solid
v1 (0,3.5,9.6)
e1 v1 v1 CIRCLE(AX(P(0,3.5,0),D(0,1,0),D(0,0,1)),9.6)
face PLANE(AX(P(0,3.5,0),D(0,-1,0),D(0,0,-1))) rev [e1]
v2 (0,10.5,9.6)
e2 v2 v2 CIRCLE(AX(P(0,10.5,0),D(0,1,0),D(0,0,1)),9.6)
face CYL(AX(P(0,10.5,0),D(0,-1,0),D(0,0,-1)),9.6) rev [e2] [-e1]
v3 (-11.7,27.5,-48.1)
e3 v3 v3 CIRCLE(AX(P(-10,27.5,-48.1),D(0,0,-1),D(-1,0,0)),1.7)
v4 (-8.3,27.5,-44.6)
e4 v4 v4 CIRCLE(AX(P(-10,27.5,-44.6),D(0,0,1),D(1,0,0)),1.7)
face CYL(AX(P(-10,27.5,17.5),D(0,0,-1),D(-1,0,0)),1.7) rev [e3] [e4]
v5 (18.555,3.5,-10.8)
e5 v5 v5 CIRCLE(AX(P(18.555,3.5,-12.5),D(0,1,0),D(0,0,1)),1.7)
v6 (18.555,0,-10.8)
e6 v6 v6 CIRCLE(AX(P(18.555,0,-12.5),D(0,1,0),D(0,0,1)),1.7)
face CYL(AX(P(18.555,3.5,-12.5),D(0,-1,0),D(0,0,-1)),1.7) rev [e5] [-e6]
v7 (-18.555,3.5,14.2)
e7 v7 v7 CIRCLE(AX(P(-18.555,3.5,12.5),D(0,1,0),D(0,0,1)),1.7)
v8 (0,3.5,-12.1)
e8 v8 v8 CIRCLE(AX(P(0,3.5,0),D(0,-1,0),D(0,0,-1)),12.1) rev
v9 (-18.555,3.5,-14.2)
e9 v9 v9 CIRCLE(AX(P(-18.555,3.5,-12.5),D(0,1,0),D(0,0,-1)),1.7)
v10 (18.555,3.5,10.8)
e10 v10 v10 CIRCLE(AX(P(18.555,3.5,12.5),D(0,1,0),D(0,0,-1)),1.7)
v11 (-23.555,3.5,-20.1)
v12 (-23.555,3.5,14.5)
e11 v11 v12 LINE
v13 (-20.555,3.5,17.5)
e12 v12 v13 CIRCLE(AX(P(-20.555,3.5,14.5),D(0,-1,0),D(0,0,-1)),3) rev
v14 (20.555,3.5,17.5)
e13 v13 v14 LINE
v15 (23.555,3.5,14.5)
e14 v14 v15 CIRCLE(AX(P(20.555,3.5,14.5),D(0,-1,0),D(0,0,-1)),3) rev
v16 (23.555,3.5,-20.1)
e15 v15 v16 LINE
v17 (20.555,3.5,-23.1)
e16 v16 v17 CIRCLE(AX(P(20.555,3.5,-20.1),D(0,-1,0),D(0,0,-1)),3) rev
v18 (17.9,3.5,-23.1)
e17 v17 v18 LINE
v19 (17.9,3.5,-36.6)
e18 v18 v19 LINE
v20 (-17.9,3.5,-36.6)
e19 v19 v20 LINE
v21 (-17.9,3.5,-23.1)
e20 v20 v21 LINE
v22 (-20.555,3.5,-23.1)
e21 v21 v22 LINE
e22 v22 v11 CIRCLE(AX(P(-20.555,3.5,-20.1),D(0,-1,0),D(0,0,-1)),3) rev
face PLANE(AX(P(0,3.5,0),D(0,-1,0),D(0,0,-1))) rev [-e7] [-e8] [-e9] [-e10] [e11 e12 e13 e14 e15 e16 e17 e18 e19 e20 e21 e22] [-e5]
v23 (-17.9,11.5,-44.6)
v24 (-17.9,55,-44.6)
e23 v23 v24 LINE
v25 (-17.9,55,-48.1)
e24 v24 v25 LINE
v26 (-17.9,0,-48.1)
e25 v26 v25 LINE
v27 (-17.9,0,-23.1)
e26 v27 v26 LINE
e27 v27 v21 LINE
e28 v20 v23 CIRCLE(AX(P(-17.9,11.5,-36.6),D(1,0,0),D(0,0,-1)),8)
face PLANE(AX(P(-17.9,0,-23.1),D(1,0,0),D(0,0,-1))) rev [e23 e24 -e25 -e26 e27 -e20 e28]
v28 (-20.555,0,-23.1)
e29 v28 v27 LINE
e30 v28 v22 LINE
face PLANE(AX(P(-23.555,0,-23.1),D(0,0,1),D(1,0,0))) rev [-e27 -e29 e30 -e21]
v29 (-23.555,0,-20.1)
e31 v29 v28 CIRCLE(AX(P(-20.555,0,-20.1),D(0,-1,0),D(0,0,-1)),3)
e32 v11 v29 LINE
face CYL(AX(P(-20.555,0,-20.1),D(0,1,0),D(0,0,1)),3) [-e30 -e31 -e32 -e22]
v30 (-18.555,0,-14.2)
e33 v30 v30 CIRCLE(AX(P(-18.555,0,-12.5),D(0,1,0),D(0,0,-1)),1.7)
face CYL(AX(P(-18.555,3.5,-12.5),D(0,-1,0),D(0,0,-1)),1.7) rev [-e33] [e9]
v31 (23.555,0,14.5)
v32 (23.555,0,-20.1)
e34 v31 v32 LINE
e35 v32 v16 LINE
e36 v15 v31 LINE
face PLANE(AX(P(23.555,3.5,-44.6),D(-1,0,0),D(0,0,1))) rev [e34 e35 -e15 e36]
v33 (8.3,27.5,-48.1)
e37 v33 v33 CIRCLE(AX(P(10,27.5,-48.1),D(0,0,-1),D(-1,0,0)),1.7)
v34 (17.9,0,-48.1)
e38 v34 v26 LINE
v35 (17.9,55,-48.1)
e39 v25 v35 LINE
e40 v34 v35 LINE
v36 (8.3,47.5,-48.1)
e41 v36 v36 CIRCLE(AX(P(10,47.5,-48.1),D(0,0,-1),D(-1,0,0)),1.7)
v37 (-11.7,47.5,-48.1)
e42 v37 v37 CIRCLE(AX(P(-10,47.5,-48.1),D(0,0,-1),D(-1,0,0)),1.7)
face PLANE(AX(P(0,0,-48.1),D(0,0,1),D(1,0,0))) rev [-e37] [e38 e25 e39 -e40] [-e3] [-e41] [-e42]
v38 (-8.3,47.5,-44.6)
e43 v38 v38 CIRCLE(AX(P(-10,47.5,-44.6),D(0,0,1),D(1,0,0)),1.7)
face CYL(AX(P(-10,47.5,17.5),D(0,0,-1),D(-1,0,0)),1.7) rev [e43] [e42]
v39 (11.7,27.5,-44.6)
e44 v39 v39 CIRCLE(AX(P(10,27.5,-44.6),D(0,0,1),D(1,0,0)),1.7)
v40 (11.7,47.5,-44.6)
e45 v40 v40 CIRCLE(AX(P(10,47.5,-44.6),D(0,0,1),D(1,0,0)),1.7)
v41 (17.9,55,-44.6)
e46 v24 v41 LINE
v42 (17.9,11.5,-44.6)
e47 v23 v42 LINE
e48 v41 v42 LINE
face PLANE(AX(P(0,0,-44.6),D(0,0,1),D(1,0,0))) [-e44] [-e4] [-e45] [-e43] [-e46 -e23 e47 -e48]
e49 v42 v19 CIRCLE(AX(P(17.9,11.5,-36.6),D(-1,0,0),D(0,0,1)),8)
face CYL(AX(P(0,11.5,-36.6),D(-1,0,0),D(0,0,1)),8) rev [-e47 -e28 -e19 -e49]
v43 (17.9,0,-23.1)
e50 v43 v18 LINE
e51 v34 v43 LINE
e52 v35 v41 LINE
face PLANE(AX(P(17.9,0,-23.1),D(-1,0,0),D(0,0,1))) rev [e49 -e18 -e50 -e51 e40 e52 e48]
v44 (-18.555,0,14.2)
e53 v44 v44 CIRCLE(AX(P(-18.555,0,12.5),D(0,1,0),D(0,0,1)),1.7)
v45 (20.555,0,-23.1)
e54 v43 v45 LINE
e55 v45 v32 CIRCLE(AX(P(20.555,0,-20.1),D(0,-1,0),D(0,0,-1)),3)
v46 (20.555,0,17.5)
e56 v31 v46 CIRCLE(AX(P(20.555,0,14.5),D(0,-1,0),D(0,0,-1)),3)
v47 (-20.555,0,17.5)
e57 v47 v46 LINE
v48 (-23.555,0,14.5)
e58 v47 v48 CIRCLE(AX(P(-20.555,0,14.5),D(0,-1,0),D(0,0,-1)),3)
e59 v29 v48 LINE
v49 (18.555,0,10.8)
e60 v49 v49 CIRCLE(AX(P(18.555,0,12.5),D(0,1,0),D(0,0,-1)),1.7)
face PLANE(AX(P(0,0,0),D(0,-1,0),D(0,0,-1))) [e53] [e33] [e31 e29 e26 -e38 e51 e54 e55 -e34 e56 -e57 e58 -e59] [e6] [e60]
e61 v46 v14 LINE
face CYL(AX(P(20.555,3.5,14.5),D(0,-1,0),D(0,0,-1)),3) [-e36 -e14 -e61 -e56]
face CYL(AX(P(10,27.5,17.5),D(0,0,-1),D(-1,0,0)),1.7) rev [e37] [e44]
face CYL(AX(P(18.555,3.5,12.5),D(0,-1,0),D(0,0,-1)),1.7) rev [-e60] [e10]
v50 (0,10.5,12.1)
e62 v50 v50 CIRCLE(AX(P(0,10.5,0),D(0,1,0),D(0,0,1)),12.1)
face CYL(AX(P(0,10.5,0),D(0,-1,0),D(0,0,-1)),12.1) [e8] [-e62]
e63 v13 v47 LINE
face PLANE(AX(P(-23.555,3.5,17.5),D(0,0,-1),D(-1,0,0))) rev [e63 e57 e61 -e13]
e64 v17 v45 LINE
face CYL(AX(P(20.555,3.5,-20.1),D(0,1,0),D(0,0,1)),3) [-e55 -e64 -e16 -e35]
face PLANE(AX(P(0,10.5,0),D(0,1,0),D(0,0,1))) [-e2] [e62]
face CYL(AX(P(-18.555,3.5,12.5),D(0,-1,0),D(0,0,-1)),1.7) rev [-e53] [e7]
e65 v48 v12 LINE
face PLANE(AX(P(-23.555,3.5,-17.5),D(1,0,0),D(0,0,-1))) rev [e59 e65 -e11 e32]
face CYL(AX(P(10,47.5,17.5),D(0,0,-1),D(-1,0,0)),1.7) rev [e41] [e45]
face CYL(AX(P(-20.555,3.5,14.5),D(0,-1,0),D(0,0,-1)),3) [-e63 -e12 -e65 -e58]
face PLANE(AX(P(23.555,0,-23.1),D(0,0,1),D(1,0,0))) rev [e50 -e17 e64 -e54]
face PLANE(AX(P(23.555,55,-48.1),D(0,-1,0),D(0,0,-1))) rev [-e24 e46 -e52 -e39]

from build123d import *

# Parameters (mm, degrees)
SKETCH1_R           = 1.7
BOSS_EXTRUDE1_DEPTH = 3.5
SKETCH2_R           = 12.1
SKETCH2_R_2         = 9.6
BOSS_EXTRUDE2_DEPTH = 7
SKETCH3_W           = 47.11
SKETCH3_H           = 55
BOSS_EXTRUDE3_DEPTH = 3.5
SKETCH4_R           = 1.7
CUT_EXTRUDE1_DEPTH  = 89.787375369
SKETCH5_W           = 5.655
SKETCH5_H           = 25
CUT_EXTRUDE2_DEPTH  = 77.768795907
FILLET3_R           = 3
FILLET4_R           = 8


with BuildPart() as part:
    # Sketch1 → Boss-Extrude1 (new body)
    with BuildSketch(Plane(origin=(0, 0, 0), x_dir=(1, 0, 0), z_dir=(0, 1, 0))):
        Polygon((-23.555, 17.5), (-23.555, -17.5), (23.555, -17.5), (23.555, 17.5), (23.555, 44.6), (-23.555, 44.6), align=None)
        with Locations(Location((-18.555, -12.5, 0), (0, 0, 270))):
            Circle(SKETCH1_R, mode=Mode.SUBTRACT)
        with Locations(Location((-18.555, 12.5, 0), (0, 0, 90))):
            Circle(SKETCH1_R, mode=Mode.SUBTRACT)
        with Locations(Location((18.555, -12.5, 0), (0, 0, 90))):
            Circle(SKETCH1_R, mode=Mode.SUBTRACT)
        with Locations(Location((18.555, 12.5, 0), (0, 0, 270))):
            Circle(SKETCH1_R, mode=Mode.SUBTRACT)
    extrude(amount=BOSS_EXTRUDE1_DEPTH)

    # Sketch2 → Boss-Extrude2 (add)
    with BuildSketch(Plane(origin=(0, 3.5, 0), x_dir=(1, 0, 0), z_dir=(0, 1, 0))):
        with Locations(Location((0, 0, 0), (0, 0, 90))):
            Circle(SKETCH2_R)
        with Locations(Location((0, 0, 0), (0, 0, 270))):
            Circle(SKETCH2_R_2, mode=Mode.SUBTRACT)
    extrude(amount=BOSS_EXTRUDE2_DEPTH)

    # Sketch3 → Boss-Extrude3 (add)
    with BuildSketch(Plane(origin=(0, 0, -44.6), x_dir=(-1, 0, 0), z_dir=(0, 0, -1))):
        with Locations((0, 27.5)):
            Rectangle(SKETCH3_W, SKETCH3_H)
    extrude(amount=BOSS_EXTRUDE3_DEPTH)

    # Sketch4 → Cut-Extrude1 (cut, through all)
    with BuildSketch(Plane(origin=(0, 0, -48.1), x_dir=(-1, 0, 0), z_dir=(0, 0, -1))):
        with Locations((-10, 47.5)):
            Circle(SKETCH4_R)
        with Locations((-10, 27.5)):
            Circle(SKETCH4_R)
        with Locations((10, 27.5)):
            Circle(SKETCH4_R)
        with Locations((10, 47.5)):
            Circle(SKETCH4_R)
    extrude(amount=-CUT_EXTRUDE1_DEPTH, mode=Mode.SUBTRACT)

    # Sketch5 → Cut-Extrude2 (cut, through all)
    with BuildSketch(Plane(origin=(0, 55, 0), x_dir=(1, 0, 0), z_dir=(0, 1, 0))):
        with Locations((-20.7275, 35.6)):
            Rectangle(SKETCH5_W, SKETCH5_H)
        with Locations((20.7275, 35.6)):
            Rectangle(SKETCH5_W, SKETCH5_H)
    extrude(amount=-CUT_EXTRUDE2_DEPTH, mode=Mode.SUBTRACT)

    # Fillet3
    fillet3_edges = [part.edges().sort_by_distance(p)[0] for p in [
        (23.555, 1.75, -23.1),
        (23.555, 1.75, 17.5),
        (-23.555, 1.75, 17.5),
        (-23.555, 1.75, -23.1),
    ]]
    fillet(fillet3_edges, radius=FILLET3_R)

    # Fillet4
    fillet4_edges = [part.edges().sort_by_distance(p)[0] for p in [
        (0, 3.5, -44.6),
    ]]
    fillet(fillet4_edges, radius=FILLET4_R)


solid = part.part
